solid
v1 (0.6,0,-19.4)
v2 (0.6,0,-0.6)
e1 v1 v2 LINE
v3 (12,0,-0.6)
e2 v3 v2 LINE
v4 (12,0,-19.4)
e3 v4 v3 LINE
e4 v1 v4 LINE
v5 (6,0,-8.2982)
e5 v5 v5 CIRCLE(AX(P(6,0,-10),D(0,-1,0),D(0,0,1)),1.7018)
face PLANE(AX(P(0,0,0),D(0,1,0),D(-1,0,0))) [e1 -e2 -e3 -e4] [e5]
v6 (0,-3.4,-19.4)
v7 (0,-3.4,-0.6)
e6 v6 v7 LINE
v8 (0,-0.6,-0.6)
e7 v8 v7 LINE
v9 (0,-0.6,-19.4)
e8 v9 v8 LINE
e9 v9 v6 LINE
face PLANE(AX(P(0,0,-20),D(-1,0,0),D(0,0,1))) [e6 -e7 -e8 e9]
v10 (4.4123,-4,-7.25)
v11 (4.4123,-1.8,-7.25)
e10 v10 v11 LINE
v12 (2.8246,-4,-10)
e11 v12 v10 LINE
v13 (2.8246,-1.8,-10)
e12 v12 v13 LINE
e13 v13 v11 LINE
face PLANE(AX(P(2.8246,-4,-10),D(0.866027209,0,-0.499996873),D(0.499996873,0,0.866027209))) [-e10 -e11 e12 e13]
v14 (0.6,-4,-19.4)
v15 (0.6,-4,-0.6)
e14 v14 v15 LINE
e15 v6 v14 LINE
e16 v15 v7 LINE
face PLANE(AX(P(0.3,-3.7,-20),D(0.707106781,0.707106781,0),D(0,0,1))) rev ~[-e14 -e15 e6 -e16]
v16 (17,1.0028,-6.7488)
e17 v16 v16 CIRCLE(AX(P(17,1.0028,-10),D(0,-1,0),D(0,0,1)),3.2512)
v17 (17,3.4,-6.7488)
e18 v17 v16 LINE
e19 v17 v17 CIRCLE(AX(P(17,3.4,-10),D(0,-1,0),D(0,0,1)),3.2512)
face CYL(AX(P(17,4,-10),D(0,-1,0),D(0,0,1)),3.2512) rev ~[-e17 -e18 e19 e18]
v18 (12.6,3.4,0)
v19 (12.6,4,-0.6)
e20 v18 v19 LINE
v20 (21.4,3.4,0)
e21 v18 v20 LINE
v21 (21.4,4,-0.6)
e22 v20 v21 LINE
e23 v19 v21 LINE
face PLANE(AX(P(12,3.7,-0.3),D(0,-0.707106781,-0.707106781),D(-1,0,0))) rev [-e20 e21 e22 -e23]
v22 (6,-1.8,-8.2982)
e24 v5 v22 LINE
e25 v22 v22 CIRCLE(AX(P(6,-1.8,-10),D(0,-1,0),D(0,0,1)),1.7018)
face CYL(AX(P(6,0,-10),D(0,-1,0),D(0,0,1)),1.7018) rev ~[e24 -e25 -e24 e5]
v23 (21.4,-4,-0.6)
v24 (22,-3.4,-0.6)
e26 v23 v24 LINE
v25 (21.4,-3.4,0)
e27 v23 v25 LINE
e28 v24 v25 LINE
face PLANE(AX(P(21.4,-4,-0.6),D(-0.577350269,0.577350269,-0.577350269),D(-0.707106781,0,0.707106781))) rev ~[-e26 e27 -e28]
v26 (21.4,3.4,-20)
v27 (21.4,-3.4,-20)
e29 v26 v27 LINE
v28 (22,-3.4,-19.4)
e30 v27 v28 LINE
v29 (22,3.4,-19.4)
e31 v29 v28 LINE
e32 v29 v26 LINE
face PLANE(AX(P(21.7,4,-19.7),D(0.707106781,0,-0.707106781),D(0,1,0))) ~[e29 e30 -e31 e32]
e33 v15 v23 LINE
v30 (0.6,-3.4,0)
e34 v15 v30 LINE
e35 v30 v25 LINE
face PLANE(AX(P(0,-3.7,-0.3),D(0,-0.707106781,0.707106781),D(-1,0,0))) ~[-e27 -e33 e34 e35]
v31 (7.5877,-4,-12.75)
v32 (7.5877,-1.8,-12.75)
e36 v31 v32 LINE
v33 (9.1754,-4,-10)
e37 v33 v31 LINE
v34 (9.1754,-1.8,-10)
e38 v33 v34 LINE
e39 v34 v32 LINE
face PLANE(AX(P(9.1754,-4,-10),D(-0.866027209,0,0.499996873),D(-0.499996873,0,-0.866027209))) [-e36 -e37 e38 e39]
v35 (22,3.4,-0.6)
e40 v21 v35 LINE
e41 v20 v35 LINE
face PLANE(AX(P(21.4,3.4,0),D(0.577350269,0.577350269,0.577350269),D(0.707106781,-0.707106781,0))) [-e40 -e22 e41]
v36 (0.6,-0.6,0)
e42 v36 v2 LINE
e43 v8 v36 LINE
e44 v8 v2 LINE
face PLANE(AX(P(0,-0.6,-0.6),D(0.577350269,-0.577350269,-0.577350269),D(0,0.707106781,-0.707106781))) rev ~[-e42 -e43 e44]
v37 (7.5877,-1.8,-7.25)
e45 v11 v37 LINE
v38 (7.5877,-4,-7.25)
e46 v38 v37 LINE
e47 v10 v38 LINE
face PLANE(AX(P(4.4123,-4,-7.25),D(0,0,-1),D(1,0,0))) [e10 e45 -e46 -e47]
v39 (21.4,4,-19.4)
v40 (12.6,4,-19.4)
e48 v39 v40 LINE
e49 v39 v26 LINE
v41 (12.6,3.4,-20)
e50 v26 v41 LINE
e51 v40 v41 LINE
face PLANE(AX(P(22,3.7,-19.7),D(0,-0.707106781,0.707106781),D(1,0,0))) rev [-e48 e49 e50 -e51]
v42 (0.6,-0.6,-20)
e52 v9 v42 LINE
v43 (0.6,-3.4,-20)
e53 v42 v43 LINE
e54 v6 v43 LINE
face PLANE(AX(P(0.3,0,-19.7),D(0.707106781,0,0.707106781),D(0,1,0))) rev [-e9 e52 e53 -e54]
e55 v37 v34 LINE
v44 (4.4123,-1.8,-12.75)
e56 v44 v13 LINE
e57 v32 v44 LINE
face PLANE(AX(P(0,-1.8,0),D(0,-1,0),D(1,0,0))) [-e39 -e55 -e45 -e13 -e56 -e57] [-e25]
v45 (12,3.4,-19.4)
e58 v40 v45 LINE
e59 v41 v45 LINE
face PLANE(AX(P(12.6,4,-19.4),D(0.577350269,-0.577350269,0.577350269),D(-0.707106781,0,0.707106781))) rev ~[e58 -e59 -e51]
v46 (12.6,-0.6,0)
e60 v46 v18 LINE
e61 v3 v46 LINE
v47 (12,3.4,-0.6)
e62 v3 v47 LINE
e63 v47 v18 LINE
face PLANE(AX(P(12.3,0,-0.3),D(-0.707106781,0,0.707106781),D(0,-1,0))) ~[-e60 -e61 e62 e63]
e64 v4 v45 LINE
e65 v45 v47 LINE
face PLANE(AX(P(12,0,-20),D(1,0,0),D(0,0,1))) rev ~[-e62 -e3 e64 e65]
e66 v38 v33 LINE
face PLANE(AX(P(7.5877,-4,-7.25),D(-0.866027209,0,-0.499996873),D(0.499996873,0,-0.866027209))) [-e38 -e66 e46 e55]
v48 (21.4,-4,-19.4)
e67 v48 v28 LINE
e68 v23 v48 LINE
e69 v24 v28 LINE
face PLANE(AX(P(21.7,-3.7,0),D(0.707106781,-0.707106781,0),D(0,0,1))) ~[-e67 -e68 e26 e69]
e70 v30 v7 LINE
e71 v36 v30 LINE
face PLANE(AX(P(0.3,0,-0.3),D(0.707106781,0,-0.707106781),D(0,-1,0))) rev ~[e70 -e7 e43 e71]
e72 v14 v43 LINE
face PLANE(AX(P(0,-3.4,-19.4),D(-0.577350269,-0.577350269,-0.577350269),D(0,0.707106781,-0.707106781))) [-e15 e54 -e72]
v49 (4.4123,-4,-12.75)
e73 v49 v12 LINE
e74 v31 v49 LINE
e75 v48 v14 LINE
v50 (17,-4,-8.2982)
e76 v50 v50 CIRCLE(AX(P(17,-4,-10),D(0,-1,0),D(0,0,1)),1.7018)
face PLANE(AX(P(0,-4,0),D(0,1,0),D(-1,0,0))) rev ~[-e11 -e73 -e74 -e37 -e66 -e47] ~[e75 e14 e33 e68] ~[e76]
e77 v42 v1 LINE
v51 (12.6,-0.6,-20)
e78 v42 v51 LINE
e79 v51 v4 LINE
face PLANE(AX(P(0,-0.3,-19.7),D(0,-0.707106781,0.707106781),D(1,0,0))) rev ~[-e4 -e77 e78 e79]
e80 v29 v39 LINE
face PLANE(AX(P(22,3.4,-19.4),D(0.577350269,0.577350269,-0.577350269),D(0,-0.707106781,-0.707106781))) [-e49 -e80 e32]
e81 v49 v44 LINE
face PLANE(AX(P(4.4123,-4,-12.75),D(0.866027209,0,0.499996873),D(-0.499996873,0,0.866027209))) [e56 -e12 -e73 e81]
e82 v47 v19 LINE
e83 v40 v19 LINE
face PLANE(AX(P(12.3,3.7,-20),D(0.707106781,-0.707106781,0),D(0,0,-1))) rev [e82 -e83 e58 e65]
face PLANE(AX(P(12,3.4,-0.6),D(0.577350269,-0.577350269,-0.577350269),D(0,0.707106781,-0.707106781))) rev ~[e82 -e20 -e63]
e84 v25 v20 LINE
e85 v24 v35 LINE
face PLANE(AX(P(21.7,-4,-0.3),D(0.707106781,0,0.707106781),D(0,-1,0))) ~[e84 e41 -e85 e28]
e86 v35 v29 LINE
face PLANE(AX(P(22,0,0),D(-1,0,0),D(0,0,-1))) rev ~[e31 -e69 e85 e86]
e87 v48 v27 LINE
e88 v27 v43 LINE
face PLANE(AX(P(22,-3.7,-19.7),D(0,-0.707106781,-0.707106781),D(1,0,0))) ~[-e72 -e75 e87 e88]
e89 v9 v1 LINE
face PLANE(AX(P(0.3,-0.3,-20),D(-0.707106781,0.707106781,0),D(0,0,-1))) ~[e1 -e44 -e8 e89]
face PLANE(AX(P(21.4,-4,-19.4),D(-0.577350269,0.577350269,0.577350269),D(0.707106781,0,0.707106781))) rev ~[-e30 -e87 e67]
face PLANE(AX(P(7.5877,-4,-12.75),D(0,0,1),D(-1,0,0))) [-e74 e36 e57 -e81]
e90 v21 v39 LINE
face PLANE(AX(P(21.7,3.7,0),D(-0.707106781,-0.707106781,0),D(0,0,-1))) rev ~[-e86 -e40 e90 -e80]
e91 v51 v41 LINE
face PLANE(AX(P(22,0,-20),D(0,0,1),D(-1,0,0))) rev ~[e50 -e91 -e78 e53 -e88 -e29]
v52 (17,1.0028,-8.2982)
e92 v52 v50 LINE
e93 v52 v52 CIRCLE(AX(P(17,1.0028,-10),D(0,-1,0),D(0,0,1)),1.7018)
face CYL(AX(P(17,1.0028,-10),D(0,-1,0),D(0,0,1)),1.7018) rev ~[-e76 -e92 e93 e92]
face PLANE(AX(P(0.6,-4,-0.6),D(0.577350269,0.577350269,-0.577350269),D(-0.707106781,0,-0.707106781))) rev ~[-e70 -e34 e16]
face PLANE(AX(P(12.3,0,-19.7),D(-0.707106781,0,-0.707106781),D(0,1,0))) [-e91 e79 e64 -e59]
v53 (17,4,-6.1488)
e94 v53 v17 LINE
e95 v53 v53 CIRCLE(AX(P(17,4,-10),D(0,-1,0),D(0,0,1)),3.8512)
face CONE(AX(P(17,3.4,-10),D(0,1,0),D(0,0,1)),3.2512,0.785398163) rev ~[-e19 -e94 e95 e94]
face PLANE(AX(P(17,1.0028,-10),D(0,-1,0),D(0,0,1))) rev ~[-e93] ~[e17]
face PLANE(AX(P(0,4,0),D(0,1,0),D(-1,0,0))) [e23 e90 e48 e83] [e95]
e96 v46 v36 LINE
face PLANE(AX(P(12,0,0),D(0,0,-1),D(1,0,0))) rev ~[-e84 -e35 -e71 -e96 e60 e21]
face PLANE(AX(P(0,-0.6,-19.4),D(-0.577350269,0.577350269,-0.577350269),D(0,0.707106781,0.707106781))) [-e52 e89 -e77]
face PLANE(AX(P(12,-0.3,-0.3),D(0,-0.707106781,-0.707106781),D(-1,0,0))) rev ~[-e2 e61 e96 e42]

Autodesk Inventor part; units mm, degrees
ref_plane "YZ Plane" through (0, 0, 0) normal (1, 0, 0) x (0, 1, 0)
ref_plane "XZ Plane" through (0, 0, 0) normal (0, 1, 0) x (-1, 0, 0)
ref_plane "XY Plane" through (0, 0, 0) normal (0, 0, 1) x (1, 0, 0)
sketch "Sketch1" plane through (0, 0, 0) normal (0, 1, 0) x (-1, 0, 0)
  line L0 (0, 0) -> (-22, 0)
  line L1 (-22, 0) -> (-22, -20)
  line L2 (-22, -20) -> (0, -20)
  line L3 (0, -20) -> (0, 0)
  line L4 (-12, -20) -> (-12, 0)
  point P0 (-17, -10)
  point P1 (-22, -10)
  point P2 (-6, -10)
  point P3 (0, -10)
  dimension "d0" = 20
  dimension "d5" = 12
  dimension "d7" = 5
  dimension "d8" = 5
  dimension "d25" = 6
extrude "Extrusion1" add sketch "Sketch1" against normal blind 4
hole "Hole2" at (6, 0, -10) direction (0, -1, 0) diameter 3.4036 end through all clearance for "Socket Head Cap Screw" size "M3" standard "Ansi Metric M Profile"
sketch "Sketch3" plane through (0, -4, 0) normal (0, -1, 0) x (1, 0, 0)
  circle A0 centre (6, -10) radius 1.7018 construction
  line L0 (9.1754, -10) -> (7.5877, -12.75)
  line L1 (7.5877, -12.75) -> (4.4123, -12.75)
  line L2 (4.4123, -12.75) -> (2.8246, -10)
  line L3 (2.8246, -10) -> (4.4123, -7.25)
  line L4 (4.4123, -7.25) -> (7.5877, -7.25)
  line L5 (7.5877, -7.25) -> (9.1754, -10)
  dimension "d33" = 5.5
extrude "Extrusion4" cut sketch "Sketch3" against normal blind 2.2
extrude "Extrusion2" add sketch "Sketch1" along normal blind 4 contours L4 L2 L1 L0
sketch "Sketch2" plane through (0, 4, 0) normal (0, 1, 0) x (1, 0, 0)
  point P0 (17, 10)
hole "Hole1" at (17, 4, -10) direction (0, -1, 0) diameter 3.4036 end through all counterbore diameter 6.5024 counterbore depth 2.9972 clearance for "Socket Head Cap Screw" size "M3" standard "Ansi Metric M Profile"
chamfer "Chamfer1" distance 0.6 angle 45 18 edges at (6, 0, -20) (12, 2, -20) (17, 4, -20) (22, 4, -10) (17, 4, 0) (12, 2, 0) (6, 0, 0) (0, -2, 0) (22, 0, 0) (22, 0, -20) (11, -4, -20) (22, -4, -10) (11, -4, 0) (0, -4, -10) (0, -2, -20) (17, 4, -13.2512) (0, 0, -10) (12, 4, -10)
equation "\"d8\" = d7"
equation "\"d25\" = 0.5 * d5"
